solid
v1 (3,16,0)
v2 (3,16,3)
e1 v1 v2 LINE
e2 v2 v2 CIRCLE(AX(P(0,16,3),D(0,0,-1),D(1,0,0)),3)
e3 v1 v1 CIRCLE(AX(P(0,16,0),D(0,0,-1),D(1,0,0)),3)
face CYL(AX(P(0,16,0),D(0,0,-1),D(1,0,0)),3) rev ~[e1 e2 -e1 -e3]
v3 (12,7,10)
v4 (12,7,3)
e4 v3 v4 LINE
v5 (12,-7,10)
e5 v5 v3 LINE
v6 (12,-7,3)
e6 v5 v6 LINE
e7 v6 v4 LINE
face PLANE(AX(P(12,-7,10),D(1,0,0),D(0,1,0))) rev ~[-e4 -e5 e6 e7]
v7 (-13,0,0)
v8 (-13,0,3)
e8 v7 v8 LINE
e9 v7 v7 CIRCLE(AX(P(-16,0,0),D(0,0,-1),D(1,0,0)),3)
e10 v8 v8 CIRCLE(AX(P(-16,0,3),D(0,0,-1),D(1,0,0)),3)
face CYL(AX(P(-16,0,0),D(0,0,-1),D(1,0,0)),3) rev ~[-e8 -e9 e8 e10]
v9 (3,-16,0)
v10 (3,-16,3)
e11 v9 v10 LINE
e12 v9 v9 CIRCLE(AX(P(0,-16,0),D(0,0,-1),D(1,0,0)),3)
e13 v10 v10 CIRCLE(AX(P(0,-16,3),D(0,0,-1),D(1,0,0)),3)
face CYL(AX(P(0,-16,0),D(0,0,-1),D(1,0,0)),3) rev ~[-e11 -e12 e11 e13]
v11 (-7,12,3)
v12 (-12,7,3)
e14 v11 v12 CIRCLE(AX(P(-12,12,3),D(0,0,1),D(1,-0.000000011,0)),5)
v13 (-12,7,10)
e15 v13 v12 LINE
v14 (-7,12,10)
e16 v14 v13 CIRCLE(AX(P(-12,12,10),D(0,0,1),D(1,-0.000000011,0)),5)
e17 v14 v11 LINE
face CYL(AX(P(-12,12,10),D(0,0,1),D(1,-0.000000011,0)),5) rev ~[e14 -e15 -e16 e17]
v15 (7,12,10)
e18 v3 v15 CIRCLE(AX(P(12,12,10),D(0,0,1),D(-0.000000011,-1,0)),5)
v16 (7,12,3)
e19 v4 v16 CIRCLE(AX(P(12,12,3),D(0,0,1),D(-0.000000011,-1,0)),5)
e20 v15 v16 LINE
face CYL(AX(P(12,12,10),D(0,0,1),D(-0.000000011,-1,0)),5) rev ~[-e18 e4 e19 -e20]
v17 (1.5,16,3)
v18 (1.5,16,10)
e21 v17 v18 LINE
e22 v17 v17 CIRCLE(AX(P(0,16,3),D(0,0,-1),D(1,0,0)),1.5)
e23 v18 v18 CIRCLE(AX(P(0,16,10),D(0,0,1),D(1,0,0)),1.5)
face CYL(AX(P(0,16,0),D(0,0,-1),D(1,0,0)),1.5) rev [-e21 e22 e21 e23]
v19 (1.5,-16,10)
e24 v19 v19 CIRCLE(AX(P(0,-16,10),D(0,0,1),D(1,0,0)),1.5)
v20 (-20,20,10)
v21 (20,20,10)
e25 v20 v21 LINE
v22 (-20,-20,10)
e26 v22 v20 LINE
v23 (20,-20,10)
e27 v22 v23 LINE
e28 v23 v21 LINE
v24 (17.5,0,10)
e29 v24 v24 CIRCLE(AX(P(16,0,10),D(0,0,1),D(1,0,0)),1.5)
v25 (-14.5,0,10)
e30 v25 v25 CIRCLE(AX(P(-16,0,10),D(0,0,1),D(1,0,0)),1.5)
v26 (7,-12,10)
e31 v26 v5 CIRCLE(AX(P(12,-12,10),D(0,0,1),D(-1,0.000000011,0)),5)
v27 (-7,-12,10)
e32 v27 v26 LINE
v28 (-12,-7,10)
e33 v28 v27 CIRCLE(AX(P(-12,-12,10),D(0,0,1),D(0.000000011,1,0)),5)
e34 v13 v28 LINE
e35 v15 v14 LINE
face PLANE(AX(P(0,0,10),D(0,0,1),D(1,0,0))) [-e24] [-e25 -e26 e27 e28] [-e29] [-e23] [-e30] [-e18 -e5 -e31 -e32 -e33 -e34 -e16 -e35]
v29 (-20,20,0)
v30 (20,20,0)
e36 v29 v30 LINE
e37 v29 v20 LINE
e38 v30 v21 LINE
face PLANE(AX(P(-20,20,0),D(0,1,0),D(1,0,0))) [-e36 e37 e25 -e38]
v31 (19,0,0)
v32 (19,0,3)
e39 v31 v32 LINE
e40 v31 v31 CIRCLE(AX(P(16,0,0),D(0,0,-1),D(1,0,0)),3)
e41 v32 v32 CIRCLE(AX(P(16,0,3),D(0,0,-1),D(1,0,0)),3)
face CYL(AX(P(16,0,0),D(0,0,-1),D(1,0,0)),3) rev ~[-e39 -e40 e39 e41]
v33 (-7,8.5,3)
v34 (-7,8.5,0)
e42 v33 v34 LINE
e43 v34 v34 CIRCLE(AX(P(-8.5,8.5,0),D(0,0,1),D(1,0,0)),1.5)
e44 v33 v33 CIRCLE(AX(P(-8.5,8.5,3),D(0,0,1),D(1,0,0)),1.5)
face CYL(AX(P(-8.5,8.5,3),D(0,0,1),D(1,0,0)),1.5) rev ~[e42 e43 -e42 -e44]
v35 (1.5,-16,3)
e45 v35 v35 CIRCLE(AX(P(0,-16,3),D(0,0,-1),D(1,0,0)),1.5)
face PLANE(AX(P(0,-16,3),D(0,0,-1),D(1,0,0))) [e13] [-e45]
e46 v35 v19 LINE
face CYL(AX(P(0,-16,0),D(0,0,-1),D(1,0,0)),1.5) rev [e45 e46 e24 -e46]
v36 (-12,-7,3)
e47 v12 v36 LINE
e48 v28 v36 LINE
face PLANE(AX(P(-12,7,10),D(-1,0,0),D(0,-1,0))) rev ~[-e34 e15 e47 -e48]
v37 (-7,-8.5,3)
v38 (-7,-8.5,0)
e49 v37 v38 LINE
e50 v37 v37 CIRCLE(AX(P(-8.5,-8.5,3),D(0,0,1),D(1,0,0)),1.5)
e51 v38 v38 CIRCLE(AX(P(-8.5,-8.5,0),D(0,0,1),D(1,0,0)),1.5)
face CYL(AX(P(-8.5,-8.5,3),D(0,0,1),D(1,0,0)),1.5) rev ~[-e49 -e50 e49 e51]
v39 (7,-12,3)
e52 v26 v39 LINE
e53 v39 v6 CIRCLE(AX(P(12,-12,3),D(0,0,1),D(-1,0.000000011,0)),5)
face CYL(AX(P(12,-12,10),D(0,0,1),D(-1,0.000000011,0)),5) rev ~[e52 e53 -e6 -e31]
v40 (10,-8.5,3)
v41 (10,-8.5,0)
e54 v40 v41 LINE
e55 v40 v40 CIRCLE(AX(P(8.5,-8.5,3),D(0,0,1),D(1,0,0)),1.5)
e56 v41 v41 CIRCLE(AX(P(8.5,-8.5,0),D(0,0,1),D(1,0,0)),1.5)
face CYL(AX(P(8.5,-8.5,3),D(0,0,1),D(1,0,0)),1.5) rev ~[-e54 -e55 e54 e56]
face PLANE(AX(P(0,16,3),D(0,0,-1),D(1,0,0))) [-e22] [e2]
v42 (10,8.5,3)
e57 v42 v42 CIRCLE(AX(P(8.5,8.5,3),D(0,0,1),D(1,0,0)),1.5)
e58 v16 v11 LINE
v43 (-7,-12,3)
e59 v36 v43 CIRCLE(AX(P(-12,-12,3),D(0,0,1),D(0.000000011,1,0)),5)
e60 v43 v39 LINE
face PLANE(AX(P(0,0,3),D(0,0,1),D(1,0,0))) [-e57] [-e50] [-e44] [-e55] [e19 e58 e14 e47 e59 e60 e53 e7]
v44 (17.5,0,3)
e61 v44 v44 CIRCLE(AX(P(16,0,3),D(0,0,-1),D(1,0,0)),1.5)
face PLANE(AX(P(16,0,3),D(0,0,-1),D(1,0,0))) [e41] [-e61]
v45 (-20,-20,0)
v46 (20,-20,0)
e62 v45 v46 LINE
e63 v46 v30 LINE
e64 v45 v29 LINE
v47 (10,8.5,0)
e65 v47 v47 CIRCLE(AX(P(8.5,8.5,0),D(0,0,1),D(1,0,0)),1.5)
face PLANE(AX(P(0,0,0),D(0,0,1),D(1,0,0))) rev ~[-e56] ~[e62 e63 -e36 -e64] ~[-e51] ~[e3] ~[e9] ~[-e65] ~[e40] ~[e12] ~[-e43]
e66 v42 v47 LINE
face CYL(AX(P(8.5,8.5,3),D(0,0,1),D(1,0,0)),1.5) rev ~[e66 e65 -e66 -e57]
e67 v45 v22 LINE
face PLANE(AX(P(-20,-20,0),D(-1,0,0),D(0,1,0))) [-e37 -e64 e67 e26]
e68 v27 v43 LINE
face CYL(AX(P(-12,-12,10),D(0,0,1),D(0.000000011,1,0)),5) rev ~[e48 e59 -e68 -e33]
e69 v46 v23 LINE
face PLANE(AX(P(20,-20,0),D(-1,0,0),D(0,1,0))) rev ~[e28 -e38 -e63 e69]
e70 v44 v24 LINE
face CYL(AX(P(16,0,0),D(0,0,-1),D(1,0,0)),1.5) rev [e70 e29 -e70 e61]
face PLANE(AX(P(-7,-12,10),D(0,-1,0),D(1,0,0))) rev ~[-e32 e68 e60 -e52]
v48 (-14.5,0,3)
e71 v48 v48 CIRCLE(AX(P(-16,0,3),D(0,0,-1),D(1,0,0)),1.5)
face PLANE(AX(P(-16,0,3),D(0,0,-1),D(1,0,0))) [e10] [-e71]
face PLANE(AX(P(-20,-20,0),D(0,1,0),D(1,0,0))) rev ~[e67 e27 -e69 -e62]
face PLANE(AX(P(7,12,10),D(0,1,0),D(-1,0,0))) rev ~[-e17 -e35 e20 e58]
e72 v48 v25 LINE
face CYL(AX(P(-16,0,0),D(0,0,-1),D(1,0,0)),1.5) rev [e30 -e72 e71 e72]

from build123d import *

# Parameters (mm, degrees)
F0_W     = 40
F0_H     = 40
F0_R     = 1.5
F1_DEPTH = 10
F3_DEPTH = 7
F4_R     = 3
F5_DEPTH = 3
F6_R     = 1.5
F7_DEPTH = 3.001


with BuildPart() as f1:
    # F0 (on Top) → F1 (new body)
    with BuildSketch(Plane.XY):
        Rectangle(F0_W, F0_H)
        with Locations((0, -16)):
            Circle(F0_R, mode=Mode.SUBTRACT)
        with Locations((-16, 0)):
            Circle(F0_R, mode=Mode.SUBTRACT)
        with Locations((16, 0)):
            Circle(F0_R, mode=Mode.SUBTRACT)
        with Locations((0, 16)):
            Circle(F0_R, mode=Mode.SUBTRACT)
    extrude(amount=F1_DEPTH)

    # F2 (on face) → F3 (cut)
    with BuildSketch(Plane.XY.offset(10)):
        with BuildLine():
            Line((7, 12), (-7, 12))
            ThreePointArc((-7, 12), (-15.535534, 15.535534), (-12, 7))
            Line((-12, 7), (-12, -7))
            ThreePointArc((-12, -7), (-15.535534, -15.535534), (-7, -12))
            Line((-7, -12), (7, -12))
            ThreePointArc((7, -12), (15.535534, -15.535534), (12, -7))
            Line((12, -7), (12, 7))
            ThreePointArc((12, 7), (15.535534, 15.535534), (7, 12))
        make_face()
    extrude(amount=-F3_DEPTH, mode=Mode.SUBTRACT)

    # F4 (on face) → F5 (cut)
    with BuildSketch(Plane(origin=(0, 0, 0), x_dir=(1, 0, 0), z_dir=(0, 0, -1))):
        with Locations((0, 16)):
            Circle(F4_R)
        with Locations((-16, 0)):
            Circle(F4_R)
        with Locations((0, -16)):
            Circle(F4_R)
        with Locations((16, 0)):
            Circle(F4_R)
    extrude(amount=-F5_DEPTH, mode=Mode.SUBTRACT)

    # F6 (on face) → F7 (cut, through all)
    with BuildSketch(Plane.XY.offset(3)):
        with Locations((-8.5, 8.5)):
            Circle(F6_R)
        with Locations((8.5, 8.5)):
            Circle(F6_R)
        with Locations((-8.5, -8.5)):
            Circle(F6_R)
        with Locations((8.5, -8.5)):
            Circle(F6_R)
    extrude(amount=-F7_DEPTH, mode=Mode.SUBTRACT)


solid = f1.part
